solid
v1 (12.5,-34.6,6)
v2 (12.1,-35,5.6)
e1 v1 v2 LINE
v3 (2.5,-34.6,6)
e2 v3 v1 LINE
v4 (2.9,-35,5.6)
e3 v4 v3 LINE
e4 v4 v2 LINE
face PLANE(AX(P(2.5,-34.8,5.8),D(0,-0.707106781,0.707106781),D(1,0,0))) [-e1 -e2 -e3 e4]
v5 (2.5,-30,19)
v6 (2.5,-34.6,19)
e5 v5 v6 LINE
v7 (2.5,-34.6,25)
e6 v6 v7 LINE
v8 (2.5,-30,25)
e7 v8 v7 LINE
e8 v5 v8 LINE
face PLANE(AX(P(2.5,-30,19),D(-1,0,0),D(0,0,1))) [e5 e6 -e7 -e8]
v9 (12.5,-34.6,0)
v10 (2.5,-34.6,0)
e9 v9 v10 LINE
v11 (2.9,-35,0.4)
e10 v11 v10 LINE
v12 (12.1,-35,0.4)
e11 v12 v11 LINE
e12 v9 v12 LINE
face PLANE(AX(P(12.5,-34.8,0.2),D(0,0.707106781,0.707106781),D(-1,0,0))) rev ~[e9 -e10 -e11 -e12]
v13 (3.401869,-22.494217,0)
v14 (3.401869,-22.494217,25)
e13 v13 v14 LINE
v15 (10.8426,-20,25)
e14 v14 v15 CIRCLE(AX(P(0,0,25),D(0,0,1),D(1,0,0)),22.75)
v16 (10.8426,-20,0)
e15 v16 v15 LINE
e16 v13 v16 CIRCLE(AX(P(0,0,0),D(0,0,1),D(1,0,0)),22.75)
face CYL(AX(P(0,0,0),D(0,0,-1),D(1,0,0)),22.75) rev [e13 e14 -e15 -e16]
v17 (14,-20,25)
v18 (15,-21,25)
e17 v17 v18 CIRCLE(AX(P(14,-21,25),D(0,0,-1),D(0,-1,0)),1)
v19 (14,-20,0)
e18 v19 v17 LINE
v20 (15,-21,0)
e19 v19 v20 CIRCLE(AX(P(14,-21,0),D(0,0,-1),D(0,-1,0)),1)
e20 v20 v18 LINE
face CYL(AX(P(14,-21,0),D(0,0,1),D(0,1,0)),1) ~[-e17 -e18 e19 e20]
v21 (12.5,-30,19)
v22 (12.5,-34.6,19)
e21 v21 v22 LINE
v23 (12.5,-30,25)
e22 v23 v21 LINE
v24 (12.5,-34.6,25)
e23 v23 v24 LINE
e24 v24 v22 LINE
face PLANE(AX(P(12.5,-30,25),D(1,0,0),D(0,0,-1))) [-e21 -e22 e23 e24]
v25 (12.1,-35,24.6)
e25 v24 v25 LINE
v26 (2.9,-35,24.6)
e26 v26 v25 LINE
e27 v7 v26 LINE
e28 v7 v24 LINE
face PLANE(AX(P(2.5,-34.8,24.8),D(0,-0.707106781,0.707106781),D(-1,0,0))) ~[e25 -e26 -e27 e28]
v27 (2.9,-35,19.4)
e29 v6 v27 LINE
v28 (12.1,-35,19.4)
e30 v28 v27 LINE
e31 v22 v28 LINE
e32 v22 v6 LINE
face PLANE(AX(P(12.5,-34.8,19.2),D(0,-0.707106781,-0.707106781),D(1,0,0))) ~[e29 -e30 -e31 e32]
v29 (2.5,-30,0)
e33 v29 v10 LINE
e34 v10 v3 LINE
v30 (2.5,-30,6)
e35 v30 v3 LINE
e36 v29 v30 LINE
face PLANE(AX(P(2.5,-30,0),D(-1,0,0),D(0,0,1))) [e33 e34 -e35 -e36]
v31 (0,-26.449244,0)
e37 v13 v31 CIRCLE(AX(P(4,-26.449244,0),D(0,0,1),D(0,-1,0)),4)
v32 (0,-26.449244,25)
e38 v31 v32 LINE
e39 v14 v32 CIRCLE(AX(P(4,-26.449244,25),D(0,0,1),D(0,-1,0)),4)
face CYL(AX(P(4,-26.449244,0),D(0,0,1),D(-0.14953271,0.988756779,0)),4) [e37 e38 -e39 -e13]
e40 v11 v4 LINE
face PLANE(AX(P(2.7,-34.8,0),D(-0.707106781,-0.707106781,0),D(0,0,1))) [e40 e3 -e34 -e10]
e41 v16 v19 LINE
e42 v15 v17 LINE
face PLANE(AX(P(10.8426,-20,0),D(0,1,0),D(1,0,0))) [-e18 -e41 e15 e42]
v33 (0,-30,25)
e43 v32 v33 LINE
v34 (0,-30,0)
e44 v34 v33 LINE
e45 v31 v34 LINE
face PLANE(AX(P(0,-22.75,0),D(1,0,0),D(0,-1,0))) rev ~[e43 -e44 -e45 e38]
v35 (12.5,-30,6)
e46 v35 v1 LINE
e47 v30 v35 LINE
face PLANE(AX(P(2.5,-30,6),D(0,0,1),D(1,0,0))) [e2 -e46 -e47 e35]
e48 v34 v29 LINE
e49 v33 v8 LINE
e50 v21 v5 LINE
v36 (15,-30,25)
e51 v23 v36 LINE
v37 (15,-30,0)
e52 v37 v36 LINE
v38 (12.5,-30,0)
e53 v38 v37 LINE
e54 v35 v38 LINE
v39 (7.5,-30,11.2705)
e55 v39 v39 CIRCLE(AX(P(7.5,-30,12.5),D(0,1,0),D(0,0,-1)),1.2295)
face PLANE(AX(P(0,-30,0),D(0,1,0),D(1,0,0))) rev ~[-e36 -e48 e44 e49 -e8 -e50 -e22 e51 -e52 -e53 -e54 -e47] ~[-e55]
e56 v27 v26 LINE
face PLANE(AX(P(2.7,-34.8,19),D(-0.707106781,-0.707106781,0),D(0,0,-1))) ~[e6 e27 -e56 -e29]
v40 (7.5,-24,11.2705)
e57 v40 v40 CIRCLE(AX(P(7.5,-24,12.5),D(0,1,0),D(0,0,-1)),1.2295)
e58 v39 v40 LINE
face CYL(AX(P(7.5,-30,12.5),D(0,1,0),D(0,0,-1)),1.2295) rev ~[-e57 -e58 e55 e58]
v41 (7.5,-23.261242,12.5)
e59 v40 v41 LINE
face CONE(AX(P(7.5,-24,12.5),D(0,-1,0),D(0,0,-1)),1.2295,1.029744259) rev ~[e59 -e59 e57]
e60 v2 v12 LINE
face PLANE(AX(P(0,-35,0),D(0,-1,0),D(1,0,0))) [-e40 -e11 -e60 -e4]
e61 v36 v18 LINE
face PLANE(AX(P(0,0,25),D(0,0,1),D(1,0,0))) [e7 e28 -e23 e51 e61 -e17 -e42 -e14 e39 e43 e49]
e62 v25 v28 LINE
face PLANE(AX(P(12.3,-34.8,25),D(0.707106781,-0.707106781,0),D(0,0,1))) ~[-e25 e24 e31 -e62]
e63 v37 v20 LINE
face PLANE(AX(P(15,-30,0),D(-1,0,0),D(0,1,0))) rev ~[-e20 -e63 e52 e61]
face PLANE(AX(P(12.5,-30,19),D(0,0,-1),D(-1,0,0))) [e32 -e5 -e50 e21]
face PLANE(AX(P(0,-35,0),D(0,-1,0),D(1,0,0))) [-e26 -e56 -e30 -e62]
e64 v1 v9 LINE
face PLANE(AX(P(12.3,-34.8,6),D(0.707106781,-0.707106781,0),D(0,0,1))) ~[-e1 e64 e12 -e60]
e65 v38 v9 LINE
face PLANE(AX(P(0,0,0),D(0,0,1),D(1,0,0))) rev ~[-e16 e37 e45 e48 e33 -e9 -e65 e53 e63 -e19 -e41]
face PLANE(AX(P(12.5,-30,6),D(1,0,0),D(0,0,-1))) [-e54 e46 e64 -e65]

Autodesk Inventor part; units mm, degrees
ref_plane "YZ Plane" through (0, 0, 0) normal (1, 0, 0) x (0, 1, 0)
ref_plane "XZ Plane" through (0, 0, 0) normal (0, 1, 0) x (-1, 0, 0)
ref_plane "XY Plane" through (0, 0, 0) normal (0, 0, 1) x (1, 0, 0)
sketch "Skizze1" plane through (0, 0, 0) normal (0, 0, 1) x (1, 0, 0)
  circle A0 centre (0, 0) radius 22.75
  line L0 (0, -22.75) -> (0, -30)
  line L1 (0, -30) -> (15, -30)
  line L2 (15, -30) -> (15, -17.1045)
  line L3 (7.5, -17.7699) -> (7.5, -35.7566) construction
  line L4 (10.8426, -20) -> (15, -20)
  point P0 (7.5, -21.4782)
  dimension "d0" = 45.5
  dimension "d1" = 15
  dimension "d2" = 0
  dimension "d3" = 7.5
  dimension "d27" = 30
  dimension "d28" = 10
extrude "Extrusion1" add sketch "Skizze1" along normal blind 25 contours A0 L4 L2 L1 L0
fillet "Rundung1" radius 4 1 edges at (0, -22.75, 12.5)
sketch "Skizze2" plane through (0, -30, 0) normal (0, -1, 0) x (1, 0, 0)
  line L0 (2.5, 25) -> (12.5, 25)
  line L1 (12.5, 25) -> (12.5, 19)
  line L2 (12.5, 19) -> (2.5, 19)
  line L3 (2.5, 19) -> (2.5, 25)
  line L4 (2.5, 6) -> (12.5, 6)
  line L5 (12.5, 6) -> (12.5, 0)
  line L6 (12.5, 0) -> (2.5, 0)
  line L7 (2.5, 0) -> (2.5, 6)
  line L8 (7.5, 27.4511) -> (7.5, -5.4268) construction
  line L9 (0, 0) -> (0, 25) projected
  line L10 (0, 25) -> (15, 25) projected
  line L11 (0, 0) -> (15, 0) projected
  dimension "d8" = 6
  dimension "d9" = 6
  dimension "d10" = 10
  dimension "d11" = 7.5
extrude "Extrusion2" add sketch "Skizze2" along normal blind 5
sketch "Skizze3" plane through (0, -30, 0) normal (0, -1, 0) x (1, 0, 0)
  line L0 (0, 0) -> (0, 25) projected
  line L1 (2.5, 0) -> (12.5, 0) projected
  point P0 (7.5, 12.5)
  dimension "d25" = 7.5
  dimension "d26" = 12.5
hole "Bohrung1" at (7.5, -30, 12.5) direction (0, 1, 0) diameter 2.459 depth 6 tip angle 118 thread size "M3x0.5" class "6H" standard "ISO Metric profile"
fillet "Rundung2" radius 1 1 edges at (15, -20, 12.5)
chamfer "Fase1" distance 0.4 angle 45 8 edges at (7.5, -35, 25) (2.5, -35, 22) (7.5, -35, 19) (12.5, -35, 22) (12.5, -35, 3) (7.5, -35, 6) (2.5, -35, 3) (7.5, -35, 0)
properties part number "103.020.01_Positionsausgleich" material "Polypropylen"
